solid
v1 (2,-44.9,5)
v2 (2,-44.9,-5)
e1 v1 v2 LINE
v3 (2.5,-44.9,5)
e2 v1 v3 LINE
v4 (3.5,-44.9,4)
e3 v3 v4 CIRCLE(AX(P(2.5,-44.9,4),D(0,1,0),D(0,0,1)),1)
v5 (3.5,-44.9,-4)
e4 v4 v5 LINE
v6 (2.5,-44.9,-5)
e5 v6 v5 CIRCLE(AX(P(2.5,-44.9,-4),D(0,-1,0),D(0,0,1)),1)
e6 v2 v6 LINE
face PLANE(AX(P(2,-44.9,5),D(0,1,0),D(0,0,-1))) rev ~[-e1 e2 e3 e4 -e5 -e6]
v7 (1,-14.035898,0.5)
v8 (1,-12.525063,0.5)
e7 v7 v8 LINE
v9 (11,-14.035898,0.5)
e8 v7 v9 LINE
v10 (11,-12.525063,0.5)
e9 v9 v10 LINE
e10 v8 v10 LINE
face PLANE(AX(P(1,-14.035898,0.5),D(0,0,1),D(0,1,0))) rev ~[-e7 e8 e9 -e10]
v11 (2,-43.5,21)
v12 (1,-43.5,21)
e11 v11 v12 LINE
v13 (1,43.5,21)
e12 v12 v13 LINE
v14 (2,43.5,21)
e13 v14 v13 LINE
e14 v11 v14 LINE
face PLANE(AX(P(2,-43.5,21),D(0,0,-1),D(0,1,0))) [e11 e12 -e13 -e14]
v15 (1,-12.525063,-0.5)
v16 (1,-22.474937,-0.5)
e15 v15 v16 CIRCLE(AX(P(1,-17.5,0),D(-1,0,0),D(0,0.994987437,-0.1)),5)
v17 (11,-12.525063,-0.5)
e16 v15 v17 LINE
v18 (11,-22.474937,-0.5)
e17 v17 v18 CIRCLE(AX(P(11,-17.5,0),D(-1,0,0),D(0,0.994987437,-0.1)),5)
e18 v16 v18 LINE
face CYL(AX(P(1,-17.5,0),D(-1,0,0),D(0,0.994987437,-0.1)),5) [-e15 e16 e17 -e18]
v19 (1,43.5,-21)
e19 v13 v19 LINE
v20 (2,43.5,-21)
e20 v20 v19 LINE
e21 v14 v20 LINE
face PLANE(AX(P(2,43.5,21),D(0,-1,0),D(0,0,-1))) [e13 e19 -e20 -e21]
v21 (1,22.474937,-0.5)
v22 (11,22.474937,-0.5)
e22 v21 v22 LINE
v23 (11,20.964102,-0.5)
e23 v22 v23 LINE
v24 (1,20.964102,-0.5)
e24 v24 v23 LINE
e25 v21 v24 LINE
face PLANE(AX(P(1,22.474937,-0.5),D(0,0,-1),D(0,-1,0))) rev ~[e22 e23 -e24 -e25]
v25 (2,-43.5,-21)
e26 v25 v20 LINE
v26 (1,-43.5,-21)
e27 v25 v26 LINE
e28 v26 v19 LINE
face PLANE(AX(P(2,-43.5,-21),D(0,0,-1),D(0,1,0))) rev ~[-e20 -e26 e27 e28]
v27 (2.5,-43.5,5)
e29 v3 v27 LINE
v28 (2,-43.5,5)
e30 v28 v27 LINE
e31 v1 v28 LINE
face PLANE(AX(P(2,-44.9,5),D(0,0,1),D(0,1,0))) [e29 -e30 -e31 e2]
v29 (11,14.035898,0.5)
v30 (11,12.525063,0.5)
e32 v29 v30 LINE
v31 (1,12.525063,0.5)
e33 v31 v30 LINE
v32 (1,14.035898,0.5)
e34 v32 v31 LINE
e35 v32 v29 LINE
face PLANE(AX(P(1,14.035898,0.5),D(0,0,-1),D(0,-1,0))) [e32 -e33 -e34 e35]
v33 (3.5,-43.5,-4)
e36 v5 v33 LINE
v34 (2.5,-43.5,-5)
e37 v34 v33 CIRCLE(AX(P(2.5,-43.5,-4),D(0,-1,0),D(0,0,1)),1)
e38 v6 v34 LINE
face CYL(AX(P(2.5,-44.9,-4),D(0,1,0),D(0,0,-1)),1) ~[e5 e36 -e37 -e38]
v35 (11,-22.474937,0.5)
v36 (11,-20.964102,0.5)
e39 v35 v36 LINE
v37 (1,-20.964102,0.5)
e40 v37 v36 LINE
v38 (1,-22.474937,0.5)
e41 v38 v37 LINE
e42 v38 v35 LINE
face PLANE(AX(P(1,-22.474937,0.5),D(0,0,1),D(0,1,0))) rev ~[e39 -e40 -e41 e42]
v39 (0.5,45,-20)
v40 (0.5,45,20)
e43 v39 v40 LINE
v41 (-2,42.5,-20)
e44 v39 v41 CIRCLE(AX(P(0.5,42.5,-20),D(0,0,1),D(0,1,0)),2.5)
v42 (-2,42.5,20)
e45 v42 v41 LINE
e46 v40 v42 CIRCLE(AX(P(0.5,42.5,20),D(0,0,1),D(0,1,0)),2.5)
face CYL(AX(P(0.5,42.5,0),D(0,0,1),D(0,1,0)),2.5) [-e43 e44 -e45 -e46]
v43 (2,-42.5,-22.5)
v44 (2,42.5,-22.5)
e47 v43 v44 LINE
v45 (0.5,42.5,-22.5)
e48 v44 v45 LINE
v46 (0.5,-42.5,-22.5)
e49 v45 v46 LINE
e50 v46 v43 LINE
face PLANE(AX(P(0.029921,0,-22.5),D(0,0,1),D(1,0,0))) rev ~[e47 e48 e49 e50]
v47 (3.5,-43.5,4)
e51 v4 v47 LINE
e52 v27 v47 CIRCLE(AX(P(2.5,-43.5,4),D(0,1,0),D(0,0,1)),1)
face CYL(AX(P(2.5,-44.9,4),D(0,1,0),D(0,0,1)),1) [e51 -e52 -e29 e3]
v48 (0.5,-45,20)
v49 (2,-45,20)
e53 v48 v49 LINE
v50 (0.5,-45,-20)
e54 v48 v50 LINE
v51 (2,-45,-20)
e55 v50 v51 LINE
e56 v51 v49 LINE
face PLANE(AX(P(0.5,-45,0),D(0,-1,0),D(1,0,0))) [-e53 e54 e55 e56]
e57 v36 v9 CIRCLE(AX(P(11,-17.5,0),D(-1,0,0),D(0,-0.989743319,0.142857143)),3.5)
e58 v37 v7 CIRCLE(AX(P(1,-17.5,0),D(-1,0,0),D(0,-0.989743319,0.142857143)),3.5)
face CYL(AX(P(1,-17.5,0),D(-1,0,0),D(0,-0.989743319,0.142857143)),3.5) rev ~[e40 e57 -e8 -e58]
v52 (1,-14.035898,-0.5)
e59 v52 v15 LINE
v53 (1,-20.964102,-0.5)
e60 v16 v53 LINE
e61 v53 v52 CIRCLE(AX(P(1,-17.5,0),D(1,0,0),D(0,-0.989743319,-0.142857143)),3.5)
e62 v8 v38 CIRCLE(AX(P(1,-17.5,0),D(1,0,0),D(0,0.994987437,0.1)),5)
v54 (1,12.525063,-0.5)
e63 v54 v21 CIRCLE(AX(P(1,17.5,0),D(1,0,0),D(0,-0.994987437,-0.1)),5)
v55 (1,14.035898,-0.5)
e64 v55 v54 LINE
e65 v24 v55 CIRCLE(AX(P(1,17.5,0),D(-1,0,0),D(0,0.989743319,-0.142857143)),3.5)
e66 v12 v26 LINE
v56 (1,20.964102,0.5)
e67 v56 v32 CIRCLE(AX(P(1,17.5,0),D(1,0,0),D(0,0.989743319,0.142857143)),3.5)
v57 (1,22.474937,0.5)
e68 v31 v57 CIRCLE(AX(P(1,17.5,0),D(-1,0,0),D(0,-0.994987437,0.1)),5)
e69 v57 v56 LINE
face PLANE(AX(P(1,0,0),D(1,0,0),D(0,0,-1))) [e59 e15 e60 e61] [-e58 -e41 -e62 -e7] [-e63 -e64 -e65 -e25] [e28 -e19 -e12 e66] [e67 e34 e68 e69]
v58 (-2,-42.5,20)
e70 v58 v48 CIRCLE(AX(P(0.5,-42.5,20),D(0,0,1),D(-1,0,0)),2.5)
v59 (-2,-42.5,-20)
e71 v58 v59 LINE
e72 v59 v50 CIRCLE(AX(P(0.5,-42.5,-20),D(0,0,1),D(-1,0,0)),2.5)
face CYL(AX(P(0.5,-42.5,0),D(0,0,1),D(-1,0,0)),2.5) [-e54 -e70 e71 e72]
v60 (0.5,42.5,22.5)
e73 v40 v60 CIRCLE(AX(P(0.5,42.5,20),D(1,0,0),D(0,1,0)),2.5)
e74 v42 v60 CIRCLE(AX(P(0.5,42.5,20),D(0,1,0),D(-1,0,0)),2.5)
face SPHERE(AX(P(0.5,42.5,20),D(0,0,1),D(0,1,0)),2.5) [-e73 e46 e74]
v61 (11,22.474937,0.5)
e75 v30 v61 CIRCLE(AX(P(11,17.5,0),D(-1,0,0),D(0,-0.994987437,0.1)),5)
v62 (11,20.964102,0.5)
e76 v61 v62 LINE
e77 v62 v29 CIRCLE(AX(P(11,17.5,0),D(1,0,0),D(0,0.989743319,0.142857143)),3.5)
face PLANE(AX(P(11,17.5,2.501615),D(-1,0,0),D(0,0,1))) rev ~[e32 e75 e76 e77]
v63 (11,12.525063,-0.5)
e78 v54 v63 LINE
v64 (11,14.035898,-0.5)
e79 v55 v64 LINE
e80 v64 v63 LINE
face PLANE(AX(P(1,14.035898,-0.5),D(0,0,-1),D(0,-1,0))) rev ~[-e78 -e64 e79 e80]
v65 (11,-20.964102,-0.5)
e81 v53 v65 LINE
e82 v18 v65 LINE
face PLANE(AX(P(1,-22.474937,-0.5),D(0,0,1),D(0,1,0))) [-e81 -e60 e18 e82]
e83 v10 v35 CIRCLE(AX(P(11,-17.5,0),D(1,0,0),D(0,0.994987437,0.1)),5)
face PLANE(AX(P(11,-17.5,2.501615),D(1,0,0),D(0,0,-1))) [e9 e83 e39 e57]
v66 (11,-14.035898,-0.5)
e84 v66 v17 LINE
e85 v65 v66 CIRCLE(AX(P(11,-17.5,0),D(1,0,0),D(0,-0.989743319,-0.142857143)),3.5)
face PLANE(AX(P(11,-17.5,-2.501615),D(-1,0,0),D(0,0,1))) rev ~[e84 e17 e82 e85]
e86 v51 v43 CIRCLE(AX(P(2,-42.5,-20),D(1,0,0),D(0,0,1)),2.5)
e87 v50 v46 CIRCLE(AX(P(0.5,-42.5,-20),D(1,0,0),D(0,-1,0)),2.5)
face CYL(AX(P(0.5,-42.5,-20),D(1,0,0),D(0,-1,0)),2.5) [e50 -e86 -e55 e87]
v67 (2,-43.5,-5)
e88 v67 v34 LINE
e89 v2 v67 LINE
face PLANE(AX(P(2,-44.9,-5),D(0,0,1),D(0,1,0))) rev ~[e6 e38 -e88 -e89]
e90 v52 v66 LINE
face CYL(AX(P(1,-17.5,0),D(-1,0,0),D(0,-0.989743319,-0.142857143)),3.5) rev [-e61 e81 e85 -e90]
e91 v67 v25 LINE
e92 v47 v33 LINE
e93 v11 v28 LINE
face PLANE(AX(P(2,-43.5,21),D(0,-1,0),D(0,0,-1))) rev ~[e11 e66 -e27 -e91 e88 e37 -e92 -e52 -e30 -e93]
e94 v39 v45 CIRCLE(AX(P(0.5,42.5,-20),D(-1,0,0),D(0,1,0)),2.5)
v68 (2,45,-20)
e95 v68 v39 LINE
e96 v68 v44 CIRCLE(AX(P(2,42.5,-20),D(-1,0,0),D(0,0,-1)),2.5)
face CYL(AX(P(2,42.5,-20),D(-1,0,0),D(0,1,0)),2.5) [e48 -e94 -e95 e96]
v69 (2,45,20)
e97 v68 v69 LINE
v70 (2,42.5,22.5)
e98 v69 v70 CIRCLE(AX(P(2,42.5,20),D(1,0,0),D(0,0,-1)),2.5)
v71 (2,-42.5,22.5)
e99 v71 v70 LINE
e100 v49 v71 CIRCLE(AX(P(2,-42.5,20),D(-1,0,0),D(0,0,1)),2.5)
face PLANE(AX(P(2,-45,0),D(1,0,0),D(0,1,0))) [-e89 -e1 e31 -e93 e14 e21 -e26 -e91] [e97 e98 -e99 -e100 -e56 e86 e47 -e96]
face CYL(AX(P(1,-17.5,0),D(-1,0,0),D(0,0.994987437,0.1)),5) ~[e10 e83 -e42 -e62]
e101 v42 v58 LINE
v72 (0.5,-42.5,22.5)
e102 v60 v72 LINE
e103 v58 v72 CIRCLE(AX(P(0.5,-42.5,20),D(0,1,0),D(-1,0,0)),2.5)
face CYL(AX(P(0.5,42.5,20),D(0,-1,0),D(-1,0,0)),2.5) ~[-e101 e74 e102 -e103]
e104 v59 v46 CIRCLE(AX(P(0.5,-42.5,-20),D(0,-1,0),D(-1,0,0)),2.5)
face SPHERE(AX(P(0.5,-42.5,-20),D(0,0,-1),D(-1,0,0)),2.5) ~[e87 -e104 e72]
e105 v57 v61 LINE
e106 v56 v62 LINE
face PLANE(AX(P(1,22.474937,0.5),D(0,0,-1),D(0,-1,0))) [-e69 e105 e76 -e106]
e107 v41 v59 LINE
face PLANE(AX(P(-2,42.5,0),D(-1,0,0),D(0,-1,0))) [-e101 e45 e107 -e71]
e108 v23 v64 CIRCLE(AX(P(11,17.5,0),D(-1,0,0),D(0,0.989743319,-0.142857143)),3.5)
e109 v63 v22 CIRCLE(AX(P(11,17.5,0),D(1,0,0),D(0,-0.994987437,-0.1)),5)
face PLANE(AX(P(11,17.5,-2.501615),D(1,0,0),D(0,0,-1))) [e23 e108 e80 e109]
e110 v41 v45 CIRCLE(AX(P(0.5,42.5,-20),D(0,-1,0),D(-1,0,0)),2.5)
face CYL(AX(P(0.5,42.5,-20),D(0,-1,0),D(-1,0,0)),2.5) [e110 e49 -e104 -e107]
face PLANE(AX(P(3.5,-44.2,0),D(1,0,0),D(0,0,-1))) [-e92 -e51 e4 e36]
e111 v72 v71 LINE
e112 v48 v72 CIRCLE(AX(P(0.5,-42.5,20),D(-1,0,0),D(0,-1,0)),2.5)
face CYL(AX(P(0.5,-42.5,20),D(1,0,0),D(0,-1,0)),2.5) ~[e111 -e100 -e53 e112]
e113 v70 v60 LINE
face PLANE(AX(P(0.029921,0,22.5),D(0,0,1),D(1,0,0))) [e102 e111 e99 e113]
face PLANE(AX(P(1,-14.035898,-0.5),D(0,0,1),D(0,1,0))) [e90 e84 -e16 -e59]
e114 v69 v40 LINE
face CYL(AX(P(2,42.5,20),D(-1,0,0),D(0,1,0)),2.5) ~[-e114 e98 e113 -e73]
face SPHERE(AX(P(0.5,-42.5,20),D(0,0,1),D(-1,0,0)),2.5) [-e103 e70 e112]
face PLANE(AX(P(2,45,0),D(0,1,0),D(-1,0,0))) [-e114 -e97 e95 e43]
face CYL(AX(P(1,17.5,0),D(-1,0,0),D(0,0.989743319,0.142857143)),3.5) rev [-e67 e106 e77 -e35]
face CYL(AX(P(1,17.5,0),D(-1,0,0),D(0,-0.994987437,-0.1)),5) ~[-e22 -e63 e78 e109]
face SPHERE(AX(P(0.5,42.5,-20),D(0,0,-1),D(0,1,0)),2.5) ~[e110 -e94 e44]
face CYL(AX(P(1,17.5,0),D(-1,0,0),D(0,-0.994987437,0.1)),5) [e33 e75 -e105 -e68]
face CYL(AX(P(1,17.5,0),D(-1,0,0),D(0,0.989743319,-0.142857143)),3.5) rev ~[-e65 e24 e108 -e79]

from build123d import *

# Parameters (mm, degrees)
EXTRUDE_3_DEPTH      = 22.5
EXTRUDE_3_DEPTH_BACK = 22.5
FILLET_3_R           = 2.5
SKETCH_6_W           = 42
SKETCH_6_H           = 87
CUT_EXTRUDE_2_DEPTH  = 1
EXTRUDE_5_DEPTH      = 10
SKETCH_9_W           = 10
SKETCH_9_H           = 1.4
EXTRUDE_6_DEPTH      = 1.5
FILLET_4_R           = 1


with BuildPart() as part:
    # Sketch 3 → Extrude 3 (new body, two sides)
    with BuildSketch(Plane.XY) as extrude_3_sk:
        with BuildLine():
            Line((0.5, -45), (2, -45))
            Line((2, -45), (2, 45))
            Line((2, 45), (0.5, 45))
            ThreePointArc((0.5, 45), (-1.267766953, 44.267766953), (-2, 42.5))
            Line((-2, 42.5), (-2, -42.5))
            ThreePointArc((-2, -42.5), (-1.267766953, -44.267766953), (0.5, -45))
        make_face()
    extrude(amount=EXTRUDE_3_DEPTH)
    extrude(extrude_3_sk.sketch, amount=-EXTRUDE_3_DEPTH_BACK)

    # Fillet 3
    fillet_3_edges = [part.edges().sort_by_distance(p)[0] for p in [
        (-1.267766953, 44.267766953, -22.5),
        (-2, 0, -22.5),
        (1.25, 45, 22.5),
        (-1.267766953, 44.267766953, 22.5),
        (-2, 0, 22.5),
        (-1.267766953, -44.267766953, 22.5),
        (1.25, -45, 22.5),
        (-1.267766953, -44.267766953, -22.5),
        (1.25, -45, -22.5),
        (1.25, 45, -22.5),
    ]]
    fillet(fillet_3_edges, radius=FILLET_3_R)

    # Sketch 6 → Cut-Extrude 2 (cut)
    with BuildSketch(Plane(origin=(2, 0, 0), x_dir=(0, 0, -1), z_dir=(1, 0, 0))):
        Rectangle(SKETCH_6_W, SKETCH_6_H)
    extrude(amount=-CUT_EXTRUDE_2_DEPTH, mode=Mode.SUBTRACT)

    # Sketch 7 → Extrude 5 (add)
    with BuildSketch(Plane(origin=(1, 0, 0), x_dir=(0, 0, -1), z_dir=(1, 0, 0))):
        with BuildLine():
            Line((-0.5, 22.474937186), (-0.5, 20.964101615))
            ThreePointArc((-0.5, 20.964101615), (-3.5, 17.5), (-0.5, 14.035898385))
            Line((-0.5, 14.035898385), (-0.5, 12.525062814))
            ThreePointArc((-0.5, 12.525062814), (-5, 17.5), (-0.5, 22.474937186))
        make_face()
        with BuildLine():
            Line((0.5, 22.474937186), (0.5, 20.964101615))
            ThreePointArc((0.5, 20.964101615), (3.5, 17.5), (0.5, 14.035898385))
            Line((0.5, 14.035898385), (0.5, 12.525062814))
            ThreePointArc((0.5, 12.525062814), (5, 17.5), (0.5, 22.474937186))
        make_face()
        with BuildLine():
            Line((-0.5, -14.035898385), (-0.5, -12.525062814))
            ThreePointArc((-0.5, -12.525062814), (-5, -17.5), (-0.5, -22.474937186))
            Line((-0.5, -22.474937186), (-0.5, -20.964101615))
            ThreePointArc((-0.5, -20.964101615), (-3.5, -17.5), (-0.5, -14.035898385))
        make_face()
        with BuildLine():
            Line((0.5, -14.035898385), (0.5, -12.525062814))
            ThreePointArc((0.5, -12.525062814), (5, -17.5), (0.5, -22.474937186))
            Line((0.5, -22.474937186), (0.5, -20.964101615))
            ThreePointArc((0.5, -20.964101615), (3.5, -17.5), (0.5, -14.035898385))
        make_face()
    extrude(amount=EXTRUDE_5_DEPTH)

    # Sketch 9 → Extrude 6 (add)
    with BuildSketch(Plane(origin=(2, 0, 0), x_dir=(0, 0, -1), z_dir=(1, 0, 0))):
        with Locations((0, -44.2)):
            Rectangle(SKETCH_9_W, SKETCH_9_H)
    extrude(amount=EXTRUDE_6_DEPTH)

    # Fillet 4
    fillet_4_edges = [part.edges().sort_by_distance(p)[0] for p in [
        (3.5, -44.2, 5),
        (3.5, -44.2, -5),
    ]]
    fillet(fillet_4_edges, radius=FILLET_4_R)


solid = part.part
